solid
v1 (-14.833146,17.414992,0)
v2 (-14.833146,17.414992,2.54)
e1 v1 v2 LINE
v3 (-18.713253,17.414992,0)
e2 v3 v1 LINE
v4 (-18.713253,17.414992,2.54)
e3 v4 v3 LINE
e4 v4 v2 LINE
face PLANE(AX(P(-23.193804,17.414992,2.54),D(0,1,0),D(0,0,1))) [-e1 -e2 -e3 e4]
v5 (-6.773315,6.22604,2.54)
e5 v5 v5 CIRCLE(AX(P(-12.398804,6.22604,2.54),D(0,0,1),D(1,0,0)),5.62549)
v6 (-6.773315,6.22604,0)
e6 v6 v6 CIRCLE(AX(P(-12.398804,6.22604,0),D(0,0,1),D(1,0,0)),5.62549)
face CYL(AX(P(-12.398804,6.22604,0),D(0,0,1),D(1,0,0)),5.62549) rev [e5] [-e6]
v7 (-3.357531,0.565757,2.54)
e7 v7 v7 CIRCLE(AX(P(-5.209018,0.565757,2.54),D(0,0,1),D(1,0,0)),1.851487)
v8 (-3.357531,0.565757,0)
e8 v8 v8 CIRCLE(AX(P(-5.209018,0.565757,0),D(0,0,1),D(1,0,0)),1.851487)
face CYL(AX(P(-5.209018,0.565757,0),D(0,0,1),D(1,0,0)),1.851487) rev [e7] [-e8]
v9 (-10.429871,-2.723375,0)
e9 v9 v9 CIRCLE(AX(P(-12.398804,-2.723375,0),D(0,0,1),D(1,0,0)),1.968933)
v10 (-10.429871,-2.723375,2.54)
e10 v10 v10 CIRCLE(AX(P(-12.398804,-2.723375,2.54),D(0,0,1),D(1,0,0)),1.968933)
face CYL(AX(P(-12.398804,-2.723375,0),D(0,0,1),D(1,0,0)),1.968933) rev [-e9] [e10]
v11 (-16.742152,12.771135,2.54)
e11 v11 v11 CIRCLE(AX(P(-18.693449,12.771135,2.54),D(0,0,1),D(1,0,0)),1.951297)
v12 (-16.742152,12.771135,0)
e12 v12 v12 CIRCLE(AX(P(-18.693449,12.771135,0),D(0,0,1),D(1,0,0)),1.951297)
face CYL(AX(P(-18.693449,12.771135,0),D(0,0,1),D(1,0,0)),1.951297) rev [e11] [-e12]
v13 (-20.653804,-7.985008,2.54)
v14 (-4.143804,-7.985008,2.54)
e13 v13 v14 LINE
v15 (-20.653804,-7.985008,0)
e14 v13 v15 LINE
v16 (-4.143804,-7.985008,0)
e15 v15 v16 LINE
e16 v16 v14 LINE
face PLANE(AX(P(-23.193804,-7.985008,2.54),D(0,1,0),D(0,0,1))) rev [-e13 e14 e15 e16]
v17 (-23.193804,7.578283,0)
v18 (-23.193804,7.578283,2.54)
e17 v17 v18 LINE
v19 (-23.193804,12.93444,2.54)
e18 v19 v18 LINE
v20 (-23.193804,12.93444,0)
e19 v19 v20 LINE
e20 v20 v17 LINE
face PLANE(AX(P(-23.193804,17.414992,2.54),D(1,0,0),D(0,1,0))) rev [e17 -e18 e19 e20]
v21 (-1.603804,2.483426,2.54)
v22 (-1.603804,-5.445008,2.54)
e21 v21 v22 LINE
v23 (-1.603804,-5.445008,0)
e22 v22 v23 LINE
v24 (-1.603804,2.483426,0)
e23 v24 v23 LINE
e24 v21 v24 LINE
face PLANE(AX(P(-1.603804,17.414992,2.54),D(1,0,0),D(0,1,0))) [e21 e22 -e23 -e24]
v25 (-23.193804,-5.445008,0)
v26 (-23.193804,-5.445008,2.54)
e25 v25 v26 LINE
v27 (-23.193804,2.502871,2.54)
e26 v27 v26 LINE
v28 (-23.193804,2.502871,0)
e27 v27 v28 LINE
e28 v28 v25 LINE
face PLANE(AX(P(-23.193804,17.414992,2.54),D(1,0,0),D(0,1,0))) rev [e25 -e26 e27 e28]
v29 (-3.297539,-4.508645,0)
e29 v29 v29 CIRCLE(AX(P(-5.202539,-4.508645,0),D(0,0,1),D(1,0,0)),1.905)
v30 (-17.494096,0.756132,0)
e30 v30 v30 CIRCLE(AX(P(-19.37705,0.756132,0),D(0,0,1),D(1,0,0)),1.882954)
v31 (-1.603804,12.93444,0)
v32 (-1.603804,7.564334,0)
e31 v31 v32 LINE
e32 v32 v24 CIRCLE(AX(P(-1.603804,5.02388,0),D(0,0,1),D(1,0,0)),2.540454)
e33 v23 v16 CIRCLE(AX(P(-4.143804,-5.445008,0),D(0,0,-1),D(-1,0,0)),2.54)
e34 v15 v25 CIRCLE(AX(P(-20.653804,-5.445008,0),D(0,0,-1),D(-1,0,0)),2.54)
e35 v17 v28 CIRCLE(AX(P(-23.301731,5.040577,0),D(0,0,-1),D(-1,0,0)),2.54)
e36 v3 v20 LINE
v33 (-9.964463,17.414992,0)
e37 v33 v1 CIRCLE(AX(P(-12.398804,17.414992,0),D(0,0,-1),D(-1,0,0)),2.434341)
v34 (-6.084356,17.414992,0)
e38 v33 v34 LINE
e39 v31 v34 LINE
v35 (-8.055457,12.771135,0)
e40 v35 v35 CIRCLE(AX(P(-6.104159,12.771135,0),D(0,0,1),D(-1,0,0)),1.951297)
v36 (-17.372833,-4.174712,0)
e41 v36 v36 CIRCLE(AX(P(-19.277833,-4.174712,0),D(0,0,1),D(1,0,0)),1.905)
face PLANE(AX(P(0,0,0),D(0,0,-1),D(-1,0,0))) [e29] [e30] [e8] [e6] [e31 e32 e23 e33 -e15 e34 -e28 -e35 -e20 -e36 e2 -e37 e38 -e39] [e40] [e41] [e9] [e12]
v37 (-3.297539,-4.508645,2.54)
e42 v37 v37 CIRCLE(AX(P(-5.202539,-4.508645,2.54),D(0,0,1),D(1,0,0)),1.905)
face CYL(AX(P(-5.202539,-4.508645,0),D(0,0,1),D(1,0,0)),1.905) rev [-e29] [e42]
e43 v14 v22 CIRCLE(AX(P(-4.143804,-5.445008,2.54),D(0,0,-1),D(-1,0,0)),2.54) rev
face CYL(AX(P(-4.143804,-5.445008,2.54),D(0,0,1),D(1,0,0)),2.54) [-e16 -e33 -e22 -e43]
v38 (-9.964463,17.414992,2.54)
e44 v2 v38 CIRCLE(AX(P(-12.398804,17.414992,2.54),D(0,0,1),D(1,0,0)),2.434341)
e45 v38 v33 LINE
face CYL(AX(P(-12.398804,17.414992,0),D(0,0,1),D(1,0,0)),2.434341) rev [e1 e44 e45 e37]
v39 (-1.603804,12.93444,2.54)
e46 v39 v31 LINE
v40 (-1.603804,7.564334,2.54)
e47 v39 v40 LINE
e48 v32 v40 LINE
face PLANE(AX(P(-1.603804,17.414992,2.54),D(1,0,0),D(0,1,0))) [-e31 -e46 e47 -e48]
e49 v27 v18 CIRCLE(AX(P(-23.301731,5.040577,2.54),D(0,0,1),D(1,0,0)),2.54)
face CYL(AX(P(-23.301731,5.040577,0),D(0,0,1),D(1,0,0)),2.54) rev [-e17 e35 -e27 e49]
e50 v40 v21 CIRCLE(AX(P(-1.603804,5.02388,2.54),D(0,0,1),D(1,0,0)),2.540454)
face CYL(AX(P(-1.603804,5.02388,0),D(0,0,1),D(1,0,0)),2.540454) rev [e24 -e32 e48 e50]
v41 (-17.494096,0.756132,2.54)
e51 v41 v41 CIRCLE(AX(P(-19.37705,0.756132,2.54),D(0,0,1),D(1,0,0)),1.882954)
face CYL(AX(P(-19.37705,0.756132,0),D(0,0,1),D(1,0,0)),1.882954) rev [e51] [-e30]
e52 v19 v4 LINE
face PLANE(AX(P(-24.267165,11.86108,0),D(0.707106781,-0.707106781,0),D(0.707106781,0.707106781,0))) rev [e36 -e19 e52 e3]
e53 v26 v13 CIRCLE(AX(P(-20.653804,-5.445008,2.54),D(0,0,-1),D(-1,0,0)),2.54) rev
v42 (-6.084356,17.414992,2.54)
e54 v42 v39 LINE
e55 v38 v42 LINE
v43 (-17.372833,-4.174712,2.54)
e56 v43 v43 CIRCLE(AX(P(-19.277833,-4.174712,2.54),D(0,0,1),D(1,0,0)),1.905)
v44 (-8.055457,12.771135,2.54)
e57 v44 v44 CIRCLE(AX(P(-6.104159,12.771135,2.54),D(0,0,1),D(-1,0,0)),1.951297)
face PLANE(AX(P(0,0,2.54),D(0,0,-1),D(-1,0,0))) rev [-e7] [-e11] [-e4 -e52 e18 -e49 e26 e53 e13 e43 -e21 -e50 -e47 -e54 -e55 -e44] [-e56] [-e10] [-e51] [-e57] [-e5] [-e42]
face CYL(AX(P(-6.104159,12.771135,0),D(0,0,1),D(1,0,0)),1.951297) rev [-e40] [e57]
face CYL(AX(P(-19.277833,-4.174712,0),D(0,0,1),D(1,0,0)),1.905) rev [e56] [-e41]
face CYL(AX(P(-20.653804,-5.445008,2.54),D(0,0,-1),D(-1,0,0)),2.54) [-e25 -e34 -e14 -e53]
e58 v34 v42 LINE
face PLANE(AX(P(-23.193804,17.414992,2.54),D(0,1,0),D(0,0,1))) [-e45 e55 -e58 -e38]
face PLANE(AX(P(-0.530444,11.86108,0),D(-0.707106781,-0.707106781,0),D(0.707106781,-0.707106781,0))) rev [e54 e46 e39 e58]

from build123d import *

# Parameters (mm, degrees)
SKETCH1_W           = 21.59
SKETCH1_H           = 25.4
BOSS_EXTRUDE1_DEPTH = 2.54
FILLET1_R           = 2.54
CUT_EXTRUDE1_DEPTH  = 30.115049214
SKETCH3_R           = 5.625489831
SKETCH3_R_2         = 2.54
SKETCH3_R_3         = 2.540453657
SKETCH3_R_4         = 1.951297309
SKETCH3_R_5         = 2.434341389
SKETCH3_R_6         = 1.968933299
SKETCH3_R_7         = 1.905
CUT_EXTRUDE2_DEPTH  = 30.115049214
SKETCH4_R           = 1.851487323
SKETCH4_R_2         = 1.882954115
CUT_EXTRUDE3_DEPTH  = 30.115049214


with BuildPart() as part:
    # Sketch1 → Boss-Extrude1 (new body)
    with BuildSketch(Plane.XY):
        with Locations((-12.398804361, 4.71499153)):
            Rectangle(SKETCH1_W, SKETCH1_H)
    extrude(amount=BOSS_EXTRUDE1_DEPTH)

    # Fillet1
    fillet1_edges = [part.edges().sort_by_distance(p)[0] for p in [
        (-23.193804361, -7.98500847, 1.27),
        (-1.603804361, -7.98500847, 1.27),
    ]]
    fillet(fillet1_edges, radius=FILLET1_R)

    # Sketch2 → Cut-Extrude1 (cut, through all)
    with BuildSketch(Plane.XY.offset(2.54)):
        Polygon((-24.267164586, 11.861079729), (-17.410801404, 18.717442911), (-24.267164586, 18.717442911), align=None)
        Polygon((-7.386807318, 18.717442911), (-0.530444135, 18.717442911), (-0.530444135, 11.861079729), align=None)
    extrude(amount=-CUT_EXTRUDE1_DEPTH, mode=Mode.SUBTRACT)

    # Sketch3 → Cut-Extrude2 (cut, through all)
    with BuildSketch(Plane.XY.offset(2.54)):
        with Locations((-12.398804361, 6.226040262)):
            Circle(SKETCH3_R)
        with Locations((-23.301730566, 5.040576616)):
            Circle(SKETCH3_R_2)
        with Locations((-1.603804361, 5.023879945)):
            Circle(SKETCH3_R_3)
        with Locations((-18.693449352, 12.771135319)):
            Circle(SKETCH3_R_4)
        with Locations((-12.398804361, 17.41499153)):
            Circle(SKETCH3_R_5)
        with Locations(Location((-6.104159369, 12.771135319, 0), (0, 0, 180))):
            Circle(SKETCH3_R_4)
        with Locations((-12.398804361, -2.723375429)):
            Circle(SKETCH3_R_6)
        with Locations((-19.27783284, -4.174711925)):
            Circle(SKETCH3_R_7)
        with Locations((-5.202539132, -4.508645347)):
            Circle(SKETCH3_R_7)
    extrude(amount=-CUT_EXTRUDE2_DEPTH, mode=Mode.SUBTRACT)

    # Sketch4 → Cut-Extrude3 (cut, through all)
    with BuildSketch(Plane.XY.offset(2.54)):
        with Locations((-5.209017976, 0.565757183)):
            Circle(SKETCH4_R)
        with Locations((-19.377050407, 0.75613176)):
            Circle(SKETCH4_R_2)
    extrude(amount=-CUT_EXTRUDE3_DEPTH, mode=Mode.SUBTRACT)


solid = part.part
